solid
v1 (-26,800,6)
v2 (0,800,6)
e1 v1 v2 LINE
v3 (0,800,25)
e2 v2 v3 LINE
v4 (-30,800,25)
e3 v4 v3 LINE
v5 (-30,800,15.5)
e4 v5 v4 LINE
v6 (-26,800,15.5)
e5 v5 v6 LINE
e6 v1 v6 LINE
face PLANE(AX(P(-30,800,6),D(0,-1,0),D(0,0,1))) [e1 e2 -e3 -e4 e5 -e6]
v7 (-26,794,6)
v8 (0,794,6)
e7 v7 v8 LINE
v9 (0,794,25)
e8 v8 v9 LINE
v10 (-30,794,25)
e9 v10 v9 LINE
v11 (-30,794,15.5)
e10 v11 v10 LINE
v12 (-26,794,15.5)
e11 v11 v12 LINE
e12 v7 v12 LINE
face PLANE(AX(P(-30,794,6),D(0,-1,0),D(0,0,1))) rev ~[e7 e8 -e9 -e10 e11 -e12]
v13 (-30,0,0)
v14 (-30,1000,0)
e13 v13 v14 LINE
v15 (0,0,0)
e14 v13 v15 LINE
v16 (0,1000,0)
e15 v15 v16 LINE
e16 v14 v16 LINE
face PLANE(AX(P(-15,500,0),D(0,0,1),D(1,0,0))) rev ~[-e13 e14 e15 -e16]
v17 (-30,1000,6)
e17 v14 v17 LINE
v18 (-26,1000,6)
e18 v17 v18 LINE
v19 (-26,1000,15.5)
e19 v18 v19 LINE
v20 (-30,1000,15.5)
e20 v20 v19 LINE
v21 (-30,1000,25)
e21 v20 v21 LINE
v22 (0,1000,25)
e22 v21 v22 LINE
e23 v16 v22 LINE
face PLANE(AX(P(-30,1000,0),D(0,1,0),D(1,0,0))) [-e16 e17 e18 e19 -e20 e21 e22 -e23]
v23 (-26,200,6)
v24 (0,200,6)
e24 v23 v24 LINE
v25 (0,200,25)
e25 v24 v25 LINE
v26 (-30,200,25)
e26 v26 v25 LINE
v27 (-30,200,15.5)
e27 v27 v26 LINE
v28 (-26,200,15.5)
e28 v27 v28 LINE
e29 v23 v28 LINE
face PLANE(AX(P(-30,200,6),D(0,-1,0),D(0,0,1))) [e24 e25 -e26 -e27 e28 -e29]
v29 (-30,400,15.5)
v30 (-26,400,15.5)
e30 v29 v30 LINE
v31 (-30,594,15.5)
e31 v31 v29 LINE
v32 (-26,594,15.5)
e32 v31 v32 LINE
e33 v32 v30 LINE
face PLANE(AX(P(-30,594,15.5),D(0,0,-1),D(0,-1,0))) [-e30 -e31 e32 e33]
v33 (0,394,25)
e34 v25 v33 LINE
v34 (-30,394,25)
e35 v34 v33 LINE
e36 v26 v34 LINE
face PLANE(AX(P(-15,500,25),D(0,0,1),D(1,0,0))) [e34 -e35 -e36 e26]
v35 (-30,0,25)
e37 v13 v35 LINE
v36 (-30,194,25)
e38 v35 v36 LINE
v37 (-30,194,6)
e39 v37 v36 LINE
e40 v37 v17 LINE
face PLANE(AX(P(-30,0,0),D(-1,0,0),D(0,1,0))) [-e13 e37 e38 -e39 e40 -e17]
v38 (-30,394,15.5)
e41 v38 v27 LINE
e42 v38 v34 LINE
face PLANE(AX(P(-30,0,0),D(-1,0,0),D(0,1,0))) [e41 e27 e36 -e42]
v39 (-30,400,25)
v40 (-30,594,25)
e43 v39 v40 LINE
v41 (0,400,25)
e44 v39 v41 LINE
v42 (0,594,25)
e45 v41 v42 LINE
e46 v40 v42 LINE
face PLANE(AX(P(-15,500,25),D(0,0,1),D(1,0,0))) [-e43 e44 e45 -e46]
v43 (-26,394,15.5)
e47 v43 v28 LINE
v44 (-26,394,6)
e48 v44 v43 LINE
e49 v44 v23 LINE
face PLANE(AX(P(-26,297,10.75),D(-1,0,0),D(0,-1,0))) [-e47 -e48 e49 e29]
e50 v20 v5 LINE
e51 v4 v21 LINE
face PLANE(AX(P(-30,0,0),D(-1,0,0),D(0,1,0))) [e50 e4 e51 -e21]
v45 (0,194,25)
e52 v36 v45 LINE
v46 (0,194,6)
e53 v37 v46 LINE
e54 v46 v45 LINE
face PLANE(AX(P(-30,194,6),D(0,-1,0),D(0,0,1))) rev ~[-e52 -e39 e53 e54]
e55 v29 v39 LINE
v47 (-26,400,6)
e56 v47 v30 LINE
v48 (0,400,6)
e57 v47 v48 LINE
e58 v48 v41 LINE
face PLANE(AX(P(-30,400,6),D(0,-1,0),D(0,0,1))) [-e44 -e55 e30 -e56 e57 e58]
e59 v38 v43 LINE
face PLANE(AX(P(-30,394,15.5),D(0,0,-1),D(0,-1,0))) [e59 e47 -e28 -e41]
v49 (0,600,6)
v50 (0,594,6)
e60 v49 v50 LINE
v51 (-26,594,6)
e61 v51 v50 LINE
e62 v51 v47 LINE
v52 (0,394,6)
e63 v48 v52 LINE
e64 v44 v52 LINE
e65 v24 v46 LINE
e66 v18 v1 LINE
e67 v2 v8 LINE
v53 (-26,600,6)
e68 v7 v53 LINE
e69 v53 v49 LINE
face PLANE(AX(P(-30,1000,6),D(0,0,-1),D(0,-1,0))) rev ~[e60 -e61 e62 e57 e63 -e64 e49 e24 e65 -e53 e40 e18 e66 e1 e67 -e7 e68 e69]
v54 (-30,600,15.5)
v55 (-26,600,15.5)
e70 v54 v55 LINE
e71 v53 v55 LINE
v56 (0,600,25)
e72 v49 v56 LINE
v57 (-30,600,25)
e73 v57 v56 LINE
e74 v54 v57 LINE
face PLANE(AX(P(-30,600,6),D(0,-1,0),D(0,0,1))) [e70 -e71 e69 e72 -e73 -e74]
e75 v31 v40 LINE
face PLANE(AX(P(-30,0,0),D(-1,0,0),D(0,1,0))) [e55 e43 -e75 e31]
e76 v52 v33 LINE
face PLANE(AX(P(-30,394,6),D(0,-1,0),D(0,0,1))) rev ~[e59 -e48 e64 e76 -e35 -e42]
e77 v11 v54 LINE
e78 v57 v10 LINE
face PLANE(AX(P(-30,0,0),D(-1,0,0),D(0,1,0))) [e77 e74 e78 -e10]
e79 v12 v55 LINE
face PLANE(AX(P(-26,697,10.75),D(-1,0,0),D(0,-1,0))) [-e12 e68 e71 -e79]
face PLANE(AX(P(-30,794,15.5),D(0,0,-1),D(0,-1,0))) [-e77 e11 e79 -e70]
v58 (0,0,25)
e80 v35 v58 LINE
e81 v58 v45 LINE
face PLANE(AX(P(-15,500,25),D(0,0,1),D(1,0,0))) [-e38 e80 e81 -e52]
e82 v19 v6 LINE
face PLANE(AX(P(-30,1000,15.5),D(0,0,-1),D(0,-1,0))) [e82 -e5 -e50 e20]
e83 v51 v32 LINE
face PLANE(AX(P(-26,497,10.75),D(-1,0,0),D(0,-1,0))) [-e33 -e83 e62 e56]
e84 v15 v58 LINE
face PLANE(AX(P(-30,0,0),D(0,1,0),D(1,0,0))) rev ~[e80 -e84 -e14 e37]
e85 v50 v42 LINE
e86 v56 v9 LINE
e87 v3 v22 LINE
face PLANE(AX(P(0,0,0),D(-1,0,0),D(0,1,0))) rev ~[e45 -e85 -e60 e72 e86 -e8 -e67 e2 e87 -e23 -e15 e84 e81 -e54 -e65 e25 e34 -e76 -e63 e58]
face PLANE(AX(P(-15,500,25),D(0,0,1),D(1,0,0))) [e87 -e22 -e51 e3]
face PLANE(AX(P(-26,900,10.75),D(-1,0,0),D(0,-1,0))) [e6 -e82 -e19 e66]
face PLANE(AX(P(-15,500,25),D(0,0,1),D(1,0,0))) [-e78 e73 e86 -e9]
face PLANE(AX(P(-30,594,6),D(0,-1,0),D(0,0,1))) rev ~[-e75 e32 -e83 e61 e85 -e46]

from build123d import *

# Parameters (mm, degrees)
F0_W     = 30
F0_H     = 1000
F1_DEPTH = 25
F2_W     = 6
F2_H     = 19
F3_DEPTH = 30.001
F4_DEPTH = 30.001
F5_W     = 200
F5_H     = 9.5
F5_W_2   = 194
F6_DEPTH = 4


with BuildPart() as f1:
    # F0 (on Top) → F1 (new body)
    with BuildSketch(Plane.XY):
        with Locations((-15, 500)):
            Rectangle(F0_W, F0_H)
    extrude(amount=F1_DEPTH)

    # F2 (on face) → F3 (cut, through all)
    with BuildSketch(Plane(origin=(-30, 0, 0), x_dir=(0, -1, 0), z_dir=(-1, 0, 0))):
        with Locations((-797, 15.5)):
            Rectangle(F2_W, F2_H)
    extrude(amount=-F3_DEPTH, mode=Mode.SUBTRACT)

    # F2 (on face) → F4 (cut, through all)
    with BuildSketch(Plane(origin=(-30, 0, 0), x_dir=(0, -1, 0), z_dir=(-1, 0, 0))):
        with Locations((-797, 15.5)):
            Rectangle(F2_W, F2_H)
        with Locations((-597, 15.5)):
            Rectangle(F2_W, F2_H)
        with Locations((-397, 15.5)):
            Rectangle(F2_W, F2_H)
        with Locations((-197, 15.5)):
            Rectangle(F2_W, F2_H)
    extrude(amount=-F4_DEPTH, mode=Mode.SUBTRACT)

    # F5 (on face) → F6 (cut)
    with BuildSketch(Plane(origin=(-30, 0, 0), x_dir=(0, -1, 0), z_dir=(-1, 0, 0))):
        with Locations((-900, 10.75)):
            Rectangle(F5_W, F5_H)
        with Locations((-697, 10.75)):
            Rectangle(F5_W_2, F5_H)
        with Locations((-297, 10.75)):
            Rectangle(F5_W_2, F5_H)
        with Locations((-497, 10.75)):
            Rectangle(F5_W_2, F5_H)
    extrude(amount=-F6_DEPTH, mode=Mode.SUBTRACT)


solid = f1.part
